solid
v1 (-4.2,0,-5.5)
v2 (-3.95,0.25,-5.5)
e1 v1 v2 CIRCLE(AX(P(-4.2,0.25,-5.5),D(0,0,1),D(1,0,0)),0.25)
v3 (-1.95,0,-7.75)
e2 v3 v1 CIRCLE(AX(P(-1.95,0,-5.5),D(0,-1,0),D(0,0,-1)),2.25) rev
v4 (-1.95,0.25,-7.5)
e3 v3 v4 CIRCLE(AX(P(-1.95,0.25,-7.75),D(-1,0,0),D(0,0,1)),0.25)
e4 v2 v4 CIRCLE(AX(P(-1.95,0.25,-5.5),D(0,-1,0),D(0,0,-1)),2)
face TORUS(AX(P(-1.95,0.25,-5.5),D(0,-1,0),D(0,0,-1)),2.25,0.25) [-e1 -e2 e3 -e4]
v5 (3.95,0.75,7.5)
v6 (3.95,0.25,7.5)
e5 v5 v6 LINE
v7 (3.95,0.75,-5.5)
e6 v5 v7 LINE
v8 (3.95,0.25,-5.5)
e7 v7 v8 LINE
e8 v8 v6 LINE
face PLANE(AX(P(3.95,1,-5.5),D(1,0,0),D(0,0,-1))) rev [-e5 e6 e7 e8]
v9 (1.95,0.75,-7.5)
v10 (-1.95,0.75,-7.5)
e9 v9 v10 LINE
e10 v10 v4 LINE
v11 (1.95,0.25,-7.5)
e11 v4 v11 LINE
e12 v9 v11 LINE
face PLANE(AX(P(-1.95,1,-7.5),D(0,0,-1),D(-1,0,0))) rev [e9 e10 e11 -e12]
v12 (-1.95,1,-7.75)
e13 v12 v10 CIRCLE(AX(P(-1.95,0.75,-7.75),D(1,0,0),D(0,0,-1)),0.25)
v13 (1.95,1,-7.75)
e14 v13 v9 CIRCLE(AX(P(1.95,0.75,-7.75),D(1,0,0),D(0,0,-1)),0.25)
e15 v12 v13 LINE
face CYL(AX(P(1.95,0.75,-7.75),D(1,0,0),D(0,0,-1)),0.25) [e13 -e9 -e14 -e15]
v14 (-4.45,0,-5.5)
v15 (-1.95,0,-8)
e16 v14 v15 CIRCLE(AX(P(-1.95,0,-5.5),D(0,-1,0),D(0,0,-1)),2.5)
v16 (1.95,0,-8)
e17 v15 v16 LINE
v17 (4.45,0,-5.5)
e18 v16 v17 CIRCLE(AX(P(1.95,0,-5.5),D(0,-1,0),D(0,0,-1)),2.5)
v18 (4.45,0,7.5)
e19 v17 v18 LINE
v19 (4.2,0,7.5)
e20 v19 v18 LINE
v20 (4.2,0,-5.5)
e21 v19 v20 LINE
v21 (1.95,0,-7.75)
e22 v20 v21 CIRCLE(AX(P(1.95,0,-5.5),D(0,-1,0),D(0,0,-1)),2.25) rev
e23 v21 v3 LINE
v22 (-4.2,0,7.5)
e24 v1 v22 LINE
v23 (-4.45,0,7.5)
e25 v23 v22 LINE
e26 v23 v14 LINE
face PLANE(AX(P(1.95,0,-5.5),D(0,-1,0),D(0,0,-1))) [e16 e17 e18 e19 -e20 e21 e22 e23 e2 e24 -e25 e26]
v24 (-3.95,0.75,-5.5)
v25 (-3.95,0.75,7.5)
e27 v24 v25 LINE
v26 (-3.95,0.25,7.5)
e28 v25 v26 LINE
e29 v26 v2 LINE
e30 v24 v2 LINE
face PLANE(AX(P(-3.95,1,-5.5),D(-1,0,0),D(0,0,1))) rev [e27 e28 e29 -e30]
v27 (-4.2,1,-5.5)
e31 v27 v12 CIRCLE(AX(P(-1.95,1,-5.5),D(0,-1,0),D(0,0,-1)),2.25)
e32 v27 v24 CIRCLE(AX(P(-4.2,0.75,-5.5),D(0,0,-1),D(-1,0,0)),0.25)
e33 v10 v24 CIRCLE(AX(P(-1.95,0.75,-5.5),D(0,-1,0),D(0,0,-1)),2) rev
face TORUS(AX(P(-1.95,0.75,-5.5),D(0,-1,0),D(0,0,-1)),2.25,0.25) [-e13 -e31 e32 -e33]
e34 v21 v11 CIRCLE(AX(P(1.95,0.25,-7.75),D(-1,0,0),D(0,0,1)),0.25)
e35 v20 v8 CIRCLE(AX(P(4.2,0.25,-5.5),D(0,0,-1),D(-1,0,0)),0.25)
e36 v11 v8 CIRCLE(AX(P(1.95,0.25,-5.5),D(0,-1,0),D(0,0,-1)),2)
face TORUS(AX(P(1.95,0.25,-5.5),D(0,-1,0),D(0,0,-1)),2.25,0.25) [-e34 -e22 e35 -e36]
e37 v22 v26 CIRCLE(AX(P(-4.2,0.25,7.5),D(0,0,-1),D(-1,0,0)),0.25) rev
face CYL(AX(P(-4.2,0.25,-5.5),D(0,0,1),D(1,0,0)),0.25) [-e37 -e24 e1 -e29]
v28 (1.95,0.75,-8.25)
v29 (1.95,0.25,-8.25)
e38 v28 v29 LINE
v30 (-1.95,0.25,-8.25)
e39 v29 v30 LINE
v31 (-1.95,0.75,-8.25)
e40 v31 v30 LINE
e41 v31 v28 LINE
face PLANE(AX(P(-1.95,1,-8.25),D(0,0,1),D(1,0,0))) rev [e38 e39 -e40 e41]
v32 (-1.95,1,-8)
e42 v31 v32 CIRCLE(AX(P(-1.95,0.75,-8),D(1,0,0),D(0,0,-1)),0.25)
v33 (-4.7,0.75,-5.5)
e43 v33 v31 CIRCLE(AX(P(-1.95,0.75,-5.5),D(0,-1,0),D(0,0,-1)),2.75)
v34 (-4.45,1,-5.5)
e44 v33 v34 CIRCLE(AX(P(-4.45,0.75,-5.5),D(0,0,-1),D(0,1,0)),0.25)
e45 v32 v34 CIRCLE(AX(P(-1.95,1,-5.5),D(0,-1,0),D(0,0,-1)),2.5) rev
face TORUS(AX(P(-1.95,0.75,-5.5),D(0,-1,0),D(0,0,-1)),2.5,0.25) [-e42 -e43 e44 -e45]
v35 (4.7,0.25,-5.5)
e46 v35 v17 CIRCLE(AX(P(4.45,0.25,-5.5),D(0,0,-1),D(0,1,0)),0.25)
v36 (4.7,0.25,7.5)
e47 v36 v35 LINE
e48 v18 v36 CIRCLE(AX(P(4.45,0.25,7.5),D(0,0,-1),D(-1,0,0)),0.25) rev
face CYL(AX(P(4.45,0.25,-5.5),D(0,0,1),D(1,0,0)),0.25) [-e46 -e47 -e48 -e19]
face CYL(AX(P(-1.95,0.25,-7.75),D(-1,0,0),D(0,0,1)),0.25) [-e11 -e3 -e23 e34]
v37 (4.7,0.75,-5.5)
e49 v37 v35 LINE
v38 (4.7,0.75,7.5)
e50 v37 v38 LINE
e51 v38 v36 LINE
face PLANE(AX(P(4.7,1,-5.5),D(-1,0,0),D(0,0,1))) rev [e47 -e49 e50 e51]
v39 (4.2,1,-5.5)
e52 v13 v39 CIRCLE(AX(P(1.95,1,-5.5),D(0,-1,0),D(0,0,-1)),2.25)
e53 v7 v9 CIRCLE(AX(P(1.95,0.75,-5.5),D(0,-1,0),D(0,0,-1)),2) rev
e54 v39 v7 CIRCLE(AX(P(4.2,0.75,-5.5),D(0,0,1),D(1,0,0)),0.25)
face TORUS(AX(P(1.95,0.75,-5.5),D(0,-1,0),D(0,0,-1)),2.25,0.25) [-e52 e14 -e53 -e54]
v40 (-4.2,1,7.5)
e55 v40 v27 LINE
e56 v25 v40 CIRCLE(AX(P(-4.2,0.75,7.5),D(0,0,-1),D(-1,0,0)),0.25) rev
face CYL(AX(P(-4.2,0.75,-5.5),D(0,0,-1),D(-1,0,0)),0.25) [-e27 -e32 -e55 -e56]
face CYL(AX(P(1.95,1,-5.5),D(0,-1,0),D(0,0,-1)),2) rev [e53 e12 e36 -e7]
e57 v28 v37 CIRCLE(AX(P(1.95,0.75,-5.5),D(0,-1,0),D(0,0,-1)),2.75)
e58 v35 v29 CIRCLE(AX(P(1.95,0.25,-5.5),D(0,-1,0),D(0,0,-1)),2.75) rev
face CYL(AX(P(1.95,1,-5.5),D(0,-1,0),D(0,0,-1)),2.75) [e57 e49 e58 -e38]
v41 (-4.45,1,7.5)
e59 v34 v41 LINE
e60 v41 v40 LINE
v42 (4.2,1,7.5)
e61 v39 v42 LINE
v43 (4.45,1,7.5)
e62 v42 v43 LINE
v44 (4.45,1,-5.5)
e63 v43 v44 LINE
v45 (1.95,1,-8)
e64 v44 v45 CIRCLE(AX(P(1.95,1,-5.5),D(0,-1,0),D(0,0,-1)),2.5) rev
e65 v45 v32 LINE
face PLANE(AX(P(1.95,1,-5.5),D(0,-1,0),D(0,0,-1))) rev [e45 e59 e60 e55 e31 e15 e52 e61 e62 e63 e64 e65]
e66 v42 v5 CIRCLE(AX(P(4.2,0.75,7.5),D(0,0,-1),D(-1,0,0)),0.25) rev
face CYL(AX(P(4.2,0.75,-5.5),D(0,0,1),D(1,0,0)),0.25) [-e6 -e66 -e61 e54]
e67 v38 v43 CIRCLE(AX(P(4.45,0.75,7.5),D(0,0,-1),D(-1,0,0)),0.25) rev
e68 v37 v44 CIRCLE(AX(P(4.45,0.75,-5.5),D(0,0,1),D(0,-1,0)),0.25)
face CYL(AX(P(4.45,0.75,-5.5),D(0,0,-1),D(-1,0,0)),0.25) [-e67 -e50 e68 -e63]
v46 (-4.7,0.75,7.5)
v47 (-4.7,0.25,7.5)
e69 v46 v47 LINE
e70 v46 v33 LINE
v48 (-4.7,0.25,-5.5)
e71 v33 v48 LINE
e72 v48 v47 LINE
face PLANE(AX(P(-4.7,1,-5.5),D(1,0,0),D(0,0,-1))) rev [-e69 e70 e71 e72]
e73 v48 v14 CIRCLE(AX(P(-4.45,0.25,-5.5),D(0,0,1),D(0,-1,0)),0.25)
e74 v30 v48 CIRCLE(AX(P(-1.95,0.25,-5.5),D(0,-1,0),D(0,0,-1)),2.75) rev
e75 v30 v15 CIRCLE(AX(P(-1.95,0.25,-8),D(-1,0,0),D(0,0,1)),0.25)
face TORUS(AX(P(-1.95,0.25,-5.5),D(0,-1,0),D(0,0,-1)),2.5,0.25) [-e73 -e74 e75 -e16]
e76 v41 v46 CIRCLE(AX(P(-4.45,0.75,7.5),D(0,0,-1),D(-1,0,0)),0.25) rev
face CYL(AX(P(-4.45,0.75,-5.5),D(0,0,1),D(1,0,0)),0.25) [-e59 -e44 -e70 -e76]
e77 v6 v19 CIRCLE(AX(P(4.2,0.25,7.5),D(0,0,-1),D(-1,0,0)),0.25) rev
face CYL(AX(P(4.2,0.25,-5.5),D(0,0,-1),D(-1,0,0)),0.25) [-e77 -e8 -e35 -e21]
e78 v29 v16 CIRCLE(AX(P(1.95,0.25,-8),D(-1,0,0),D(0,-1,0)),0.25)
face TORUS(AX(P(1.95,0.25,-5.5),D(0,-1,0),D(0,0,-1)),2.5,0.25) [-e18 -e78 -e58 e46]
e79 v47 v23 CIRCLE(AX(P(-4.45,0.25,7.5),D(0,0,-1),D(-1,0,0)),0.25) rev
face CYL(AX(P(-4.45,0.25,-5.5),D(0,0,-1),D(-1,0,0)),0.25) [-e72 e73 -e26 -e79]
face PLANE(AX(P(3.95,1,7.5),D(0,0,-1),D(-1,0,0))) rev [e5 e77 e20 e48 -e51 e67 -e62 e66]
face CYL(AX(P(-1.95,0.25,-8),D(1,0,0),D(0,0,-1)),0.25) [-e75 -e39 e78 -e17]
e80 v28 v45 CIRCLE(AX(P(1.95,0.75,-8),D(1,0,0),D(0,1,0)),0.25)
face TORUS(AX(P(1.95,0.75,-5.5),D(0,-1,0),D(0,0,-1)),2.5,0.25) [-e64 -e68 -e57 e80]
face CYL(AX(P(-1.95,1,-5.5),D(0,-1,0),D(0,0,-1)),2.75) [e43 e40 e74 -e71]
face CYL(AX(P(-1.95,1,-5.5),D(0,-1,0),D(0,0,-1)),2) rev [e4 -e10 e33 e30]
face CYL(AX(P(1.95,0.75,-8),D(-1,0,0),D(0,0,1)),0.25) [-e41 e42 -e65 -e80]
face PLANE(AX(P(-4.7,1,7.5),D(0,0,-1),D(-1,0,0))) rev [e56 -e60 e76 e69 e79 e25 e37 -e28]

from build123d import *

# Parameters (mm, degrees)
BOSS_EXTRUDE1_DEPTH = 1
FILLET1_R           = 0.25


with BuildPart() as part:
    # Sketch1 → Boss-Extrude1 (new body)
    with BuildSketch(Plane(origin=(0, 0, 0), x_dir=(1, 0, 0), z_dir=(0, 1, 0))):
        with BuildLine():
            Line((-4.7, 5.5), (-4.7, -7.5))
            Line((-4.7, -7.5), (-3.95, -7.5))
            Line((-3.95, -7.5), (-3.95, 5.5))
            ThreePointArc((-3.95, 5.5), (-3.364213562, 6.914213562), (-1.95, 7.5))
            Line((-1.95, 7.5), (1.95, 7.5))
            ThreePointArc((1.95, 7.5), (3.364213562, 6.914213562), (3.95, 5.5))
            Line((3.95, 5.5), (3.95, -7.5))
            Line((3.95, -7.5), (4.7, -7.5))
            Line((4.7, -7.5), (4.7, 5.5))
            ThreePointArc((4.7, 5.5), (3.894543648, 7.444543648), (1.95, 8.25))
            Line((1.95, 8.25), (-1.95, 8.25))
            ThreePointArc((-1.95, 8.25), (-3.894543648, 7.444543648), (-4.7, 5.5))
        make_face()
    extrude(amount=BOSS_EXTRUDE1_DEPTH)

    # Fillet1
    fillet1_edges = [part.edges().sort_by_distance(p)[0] for p in [
        (3.95, 0, 1),
        (3.364213562, 0, -6.914213562),
        (3.894543648, 1, -7.444543648),
        (0, 0, -7.5),
        (-3.364213562, 0, -6.914213562),
        (-3.95, 0, 1),
        (-4.7, 0, 1),
        (-3.894543648, 0, -7.444543648),
        (0, 0, -8.25),
        (3.894543648, 0, -7.444543648),
        (4.7, 0, 1),
        (0, 1, -8.25),
        (-3.894543648, 1, -7.444543648),
        (-4.7, 1, 1),
        (-3.95, 1, 1),
        (-3.364213562, 1, -6.914213562),
        (0, 1, -7.5),
        (3.364213562, 1, -6.914213562),
        (3.95, 1, 1),
        (4.7, 1, 1),
    ]]
    fillet(fillet1_edges, radius=FILLET1_R)


solid = part.part
